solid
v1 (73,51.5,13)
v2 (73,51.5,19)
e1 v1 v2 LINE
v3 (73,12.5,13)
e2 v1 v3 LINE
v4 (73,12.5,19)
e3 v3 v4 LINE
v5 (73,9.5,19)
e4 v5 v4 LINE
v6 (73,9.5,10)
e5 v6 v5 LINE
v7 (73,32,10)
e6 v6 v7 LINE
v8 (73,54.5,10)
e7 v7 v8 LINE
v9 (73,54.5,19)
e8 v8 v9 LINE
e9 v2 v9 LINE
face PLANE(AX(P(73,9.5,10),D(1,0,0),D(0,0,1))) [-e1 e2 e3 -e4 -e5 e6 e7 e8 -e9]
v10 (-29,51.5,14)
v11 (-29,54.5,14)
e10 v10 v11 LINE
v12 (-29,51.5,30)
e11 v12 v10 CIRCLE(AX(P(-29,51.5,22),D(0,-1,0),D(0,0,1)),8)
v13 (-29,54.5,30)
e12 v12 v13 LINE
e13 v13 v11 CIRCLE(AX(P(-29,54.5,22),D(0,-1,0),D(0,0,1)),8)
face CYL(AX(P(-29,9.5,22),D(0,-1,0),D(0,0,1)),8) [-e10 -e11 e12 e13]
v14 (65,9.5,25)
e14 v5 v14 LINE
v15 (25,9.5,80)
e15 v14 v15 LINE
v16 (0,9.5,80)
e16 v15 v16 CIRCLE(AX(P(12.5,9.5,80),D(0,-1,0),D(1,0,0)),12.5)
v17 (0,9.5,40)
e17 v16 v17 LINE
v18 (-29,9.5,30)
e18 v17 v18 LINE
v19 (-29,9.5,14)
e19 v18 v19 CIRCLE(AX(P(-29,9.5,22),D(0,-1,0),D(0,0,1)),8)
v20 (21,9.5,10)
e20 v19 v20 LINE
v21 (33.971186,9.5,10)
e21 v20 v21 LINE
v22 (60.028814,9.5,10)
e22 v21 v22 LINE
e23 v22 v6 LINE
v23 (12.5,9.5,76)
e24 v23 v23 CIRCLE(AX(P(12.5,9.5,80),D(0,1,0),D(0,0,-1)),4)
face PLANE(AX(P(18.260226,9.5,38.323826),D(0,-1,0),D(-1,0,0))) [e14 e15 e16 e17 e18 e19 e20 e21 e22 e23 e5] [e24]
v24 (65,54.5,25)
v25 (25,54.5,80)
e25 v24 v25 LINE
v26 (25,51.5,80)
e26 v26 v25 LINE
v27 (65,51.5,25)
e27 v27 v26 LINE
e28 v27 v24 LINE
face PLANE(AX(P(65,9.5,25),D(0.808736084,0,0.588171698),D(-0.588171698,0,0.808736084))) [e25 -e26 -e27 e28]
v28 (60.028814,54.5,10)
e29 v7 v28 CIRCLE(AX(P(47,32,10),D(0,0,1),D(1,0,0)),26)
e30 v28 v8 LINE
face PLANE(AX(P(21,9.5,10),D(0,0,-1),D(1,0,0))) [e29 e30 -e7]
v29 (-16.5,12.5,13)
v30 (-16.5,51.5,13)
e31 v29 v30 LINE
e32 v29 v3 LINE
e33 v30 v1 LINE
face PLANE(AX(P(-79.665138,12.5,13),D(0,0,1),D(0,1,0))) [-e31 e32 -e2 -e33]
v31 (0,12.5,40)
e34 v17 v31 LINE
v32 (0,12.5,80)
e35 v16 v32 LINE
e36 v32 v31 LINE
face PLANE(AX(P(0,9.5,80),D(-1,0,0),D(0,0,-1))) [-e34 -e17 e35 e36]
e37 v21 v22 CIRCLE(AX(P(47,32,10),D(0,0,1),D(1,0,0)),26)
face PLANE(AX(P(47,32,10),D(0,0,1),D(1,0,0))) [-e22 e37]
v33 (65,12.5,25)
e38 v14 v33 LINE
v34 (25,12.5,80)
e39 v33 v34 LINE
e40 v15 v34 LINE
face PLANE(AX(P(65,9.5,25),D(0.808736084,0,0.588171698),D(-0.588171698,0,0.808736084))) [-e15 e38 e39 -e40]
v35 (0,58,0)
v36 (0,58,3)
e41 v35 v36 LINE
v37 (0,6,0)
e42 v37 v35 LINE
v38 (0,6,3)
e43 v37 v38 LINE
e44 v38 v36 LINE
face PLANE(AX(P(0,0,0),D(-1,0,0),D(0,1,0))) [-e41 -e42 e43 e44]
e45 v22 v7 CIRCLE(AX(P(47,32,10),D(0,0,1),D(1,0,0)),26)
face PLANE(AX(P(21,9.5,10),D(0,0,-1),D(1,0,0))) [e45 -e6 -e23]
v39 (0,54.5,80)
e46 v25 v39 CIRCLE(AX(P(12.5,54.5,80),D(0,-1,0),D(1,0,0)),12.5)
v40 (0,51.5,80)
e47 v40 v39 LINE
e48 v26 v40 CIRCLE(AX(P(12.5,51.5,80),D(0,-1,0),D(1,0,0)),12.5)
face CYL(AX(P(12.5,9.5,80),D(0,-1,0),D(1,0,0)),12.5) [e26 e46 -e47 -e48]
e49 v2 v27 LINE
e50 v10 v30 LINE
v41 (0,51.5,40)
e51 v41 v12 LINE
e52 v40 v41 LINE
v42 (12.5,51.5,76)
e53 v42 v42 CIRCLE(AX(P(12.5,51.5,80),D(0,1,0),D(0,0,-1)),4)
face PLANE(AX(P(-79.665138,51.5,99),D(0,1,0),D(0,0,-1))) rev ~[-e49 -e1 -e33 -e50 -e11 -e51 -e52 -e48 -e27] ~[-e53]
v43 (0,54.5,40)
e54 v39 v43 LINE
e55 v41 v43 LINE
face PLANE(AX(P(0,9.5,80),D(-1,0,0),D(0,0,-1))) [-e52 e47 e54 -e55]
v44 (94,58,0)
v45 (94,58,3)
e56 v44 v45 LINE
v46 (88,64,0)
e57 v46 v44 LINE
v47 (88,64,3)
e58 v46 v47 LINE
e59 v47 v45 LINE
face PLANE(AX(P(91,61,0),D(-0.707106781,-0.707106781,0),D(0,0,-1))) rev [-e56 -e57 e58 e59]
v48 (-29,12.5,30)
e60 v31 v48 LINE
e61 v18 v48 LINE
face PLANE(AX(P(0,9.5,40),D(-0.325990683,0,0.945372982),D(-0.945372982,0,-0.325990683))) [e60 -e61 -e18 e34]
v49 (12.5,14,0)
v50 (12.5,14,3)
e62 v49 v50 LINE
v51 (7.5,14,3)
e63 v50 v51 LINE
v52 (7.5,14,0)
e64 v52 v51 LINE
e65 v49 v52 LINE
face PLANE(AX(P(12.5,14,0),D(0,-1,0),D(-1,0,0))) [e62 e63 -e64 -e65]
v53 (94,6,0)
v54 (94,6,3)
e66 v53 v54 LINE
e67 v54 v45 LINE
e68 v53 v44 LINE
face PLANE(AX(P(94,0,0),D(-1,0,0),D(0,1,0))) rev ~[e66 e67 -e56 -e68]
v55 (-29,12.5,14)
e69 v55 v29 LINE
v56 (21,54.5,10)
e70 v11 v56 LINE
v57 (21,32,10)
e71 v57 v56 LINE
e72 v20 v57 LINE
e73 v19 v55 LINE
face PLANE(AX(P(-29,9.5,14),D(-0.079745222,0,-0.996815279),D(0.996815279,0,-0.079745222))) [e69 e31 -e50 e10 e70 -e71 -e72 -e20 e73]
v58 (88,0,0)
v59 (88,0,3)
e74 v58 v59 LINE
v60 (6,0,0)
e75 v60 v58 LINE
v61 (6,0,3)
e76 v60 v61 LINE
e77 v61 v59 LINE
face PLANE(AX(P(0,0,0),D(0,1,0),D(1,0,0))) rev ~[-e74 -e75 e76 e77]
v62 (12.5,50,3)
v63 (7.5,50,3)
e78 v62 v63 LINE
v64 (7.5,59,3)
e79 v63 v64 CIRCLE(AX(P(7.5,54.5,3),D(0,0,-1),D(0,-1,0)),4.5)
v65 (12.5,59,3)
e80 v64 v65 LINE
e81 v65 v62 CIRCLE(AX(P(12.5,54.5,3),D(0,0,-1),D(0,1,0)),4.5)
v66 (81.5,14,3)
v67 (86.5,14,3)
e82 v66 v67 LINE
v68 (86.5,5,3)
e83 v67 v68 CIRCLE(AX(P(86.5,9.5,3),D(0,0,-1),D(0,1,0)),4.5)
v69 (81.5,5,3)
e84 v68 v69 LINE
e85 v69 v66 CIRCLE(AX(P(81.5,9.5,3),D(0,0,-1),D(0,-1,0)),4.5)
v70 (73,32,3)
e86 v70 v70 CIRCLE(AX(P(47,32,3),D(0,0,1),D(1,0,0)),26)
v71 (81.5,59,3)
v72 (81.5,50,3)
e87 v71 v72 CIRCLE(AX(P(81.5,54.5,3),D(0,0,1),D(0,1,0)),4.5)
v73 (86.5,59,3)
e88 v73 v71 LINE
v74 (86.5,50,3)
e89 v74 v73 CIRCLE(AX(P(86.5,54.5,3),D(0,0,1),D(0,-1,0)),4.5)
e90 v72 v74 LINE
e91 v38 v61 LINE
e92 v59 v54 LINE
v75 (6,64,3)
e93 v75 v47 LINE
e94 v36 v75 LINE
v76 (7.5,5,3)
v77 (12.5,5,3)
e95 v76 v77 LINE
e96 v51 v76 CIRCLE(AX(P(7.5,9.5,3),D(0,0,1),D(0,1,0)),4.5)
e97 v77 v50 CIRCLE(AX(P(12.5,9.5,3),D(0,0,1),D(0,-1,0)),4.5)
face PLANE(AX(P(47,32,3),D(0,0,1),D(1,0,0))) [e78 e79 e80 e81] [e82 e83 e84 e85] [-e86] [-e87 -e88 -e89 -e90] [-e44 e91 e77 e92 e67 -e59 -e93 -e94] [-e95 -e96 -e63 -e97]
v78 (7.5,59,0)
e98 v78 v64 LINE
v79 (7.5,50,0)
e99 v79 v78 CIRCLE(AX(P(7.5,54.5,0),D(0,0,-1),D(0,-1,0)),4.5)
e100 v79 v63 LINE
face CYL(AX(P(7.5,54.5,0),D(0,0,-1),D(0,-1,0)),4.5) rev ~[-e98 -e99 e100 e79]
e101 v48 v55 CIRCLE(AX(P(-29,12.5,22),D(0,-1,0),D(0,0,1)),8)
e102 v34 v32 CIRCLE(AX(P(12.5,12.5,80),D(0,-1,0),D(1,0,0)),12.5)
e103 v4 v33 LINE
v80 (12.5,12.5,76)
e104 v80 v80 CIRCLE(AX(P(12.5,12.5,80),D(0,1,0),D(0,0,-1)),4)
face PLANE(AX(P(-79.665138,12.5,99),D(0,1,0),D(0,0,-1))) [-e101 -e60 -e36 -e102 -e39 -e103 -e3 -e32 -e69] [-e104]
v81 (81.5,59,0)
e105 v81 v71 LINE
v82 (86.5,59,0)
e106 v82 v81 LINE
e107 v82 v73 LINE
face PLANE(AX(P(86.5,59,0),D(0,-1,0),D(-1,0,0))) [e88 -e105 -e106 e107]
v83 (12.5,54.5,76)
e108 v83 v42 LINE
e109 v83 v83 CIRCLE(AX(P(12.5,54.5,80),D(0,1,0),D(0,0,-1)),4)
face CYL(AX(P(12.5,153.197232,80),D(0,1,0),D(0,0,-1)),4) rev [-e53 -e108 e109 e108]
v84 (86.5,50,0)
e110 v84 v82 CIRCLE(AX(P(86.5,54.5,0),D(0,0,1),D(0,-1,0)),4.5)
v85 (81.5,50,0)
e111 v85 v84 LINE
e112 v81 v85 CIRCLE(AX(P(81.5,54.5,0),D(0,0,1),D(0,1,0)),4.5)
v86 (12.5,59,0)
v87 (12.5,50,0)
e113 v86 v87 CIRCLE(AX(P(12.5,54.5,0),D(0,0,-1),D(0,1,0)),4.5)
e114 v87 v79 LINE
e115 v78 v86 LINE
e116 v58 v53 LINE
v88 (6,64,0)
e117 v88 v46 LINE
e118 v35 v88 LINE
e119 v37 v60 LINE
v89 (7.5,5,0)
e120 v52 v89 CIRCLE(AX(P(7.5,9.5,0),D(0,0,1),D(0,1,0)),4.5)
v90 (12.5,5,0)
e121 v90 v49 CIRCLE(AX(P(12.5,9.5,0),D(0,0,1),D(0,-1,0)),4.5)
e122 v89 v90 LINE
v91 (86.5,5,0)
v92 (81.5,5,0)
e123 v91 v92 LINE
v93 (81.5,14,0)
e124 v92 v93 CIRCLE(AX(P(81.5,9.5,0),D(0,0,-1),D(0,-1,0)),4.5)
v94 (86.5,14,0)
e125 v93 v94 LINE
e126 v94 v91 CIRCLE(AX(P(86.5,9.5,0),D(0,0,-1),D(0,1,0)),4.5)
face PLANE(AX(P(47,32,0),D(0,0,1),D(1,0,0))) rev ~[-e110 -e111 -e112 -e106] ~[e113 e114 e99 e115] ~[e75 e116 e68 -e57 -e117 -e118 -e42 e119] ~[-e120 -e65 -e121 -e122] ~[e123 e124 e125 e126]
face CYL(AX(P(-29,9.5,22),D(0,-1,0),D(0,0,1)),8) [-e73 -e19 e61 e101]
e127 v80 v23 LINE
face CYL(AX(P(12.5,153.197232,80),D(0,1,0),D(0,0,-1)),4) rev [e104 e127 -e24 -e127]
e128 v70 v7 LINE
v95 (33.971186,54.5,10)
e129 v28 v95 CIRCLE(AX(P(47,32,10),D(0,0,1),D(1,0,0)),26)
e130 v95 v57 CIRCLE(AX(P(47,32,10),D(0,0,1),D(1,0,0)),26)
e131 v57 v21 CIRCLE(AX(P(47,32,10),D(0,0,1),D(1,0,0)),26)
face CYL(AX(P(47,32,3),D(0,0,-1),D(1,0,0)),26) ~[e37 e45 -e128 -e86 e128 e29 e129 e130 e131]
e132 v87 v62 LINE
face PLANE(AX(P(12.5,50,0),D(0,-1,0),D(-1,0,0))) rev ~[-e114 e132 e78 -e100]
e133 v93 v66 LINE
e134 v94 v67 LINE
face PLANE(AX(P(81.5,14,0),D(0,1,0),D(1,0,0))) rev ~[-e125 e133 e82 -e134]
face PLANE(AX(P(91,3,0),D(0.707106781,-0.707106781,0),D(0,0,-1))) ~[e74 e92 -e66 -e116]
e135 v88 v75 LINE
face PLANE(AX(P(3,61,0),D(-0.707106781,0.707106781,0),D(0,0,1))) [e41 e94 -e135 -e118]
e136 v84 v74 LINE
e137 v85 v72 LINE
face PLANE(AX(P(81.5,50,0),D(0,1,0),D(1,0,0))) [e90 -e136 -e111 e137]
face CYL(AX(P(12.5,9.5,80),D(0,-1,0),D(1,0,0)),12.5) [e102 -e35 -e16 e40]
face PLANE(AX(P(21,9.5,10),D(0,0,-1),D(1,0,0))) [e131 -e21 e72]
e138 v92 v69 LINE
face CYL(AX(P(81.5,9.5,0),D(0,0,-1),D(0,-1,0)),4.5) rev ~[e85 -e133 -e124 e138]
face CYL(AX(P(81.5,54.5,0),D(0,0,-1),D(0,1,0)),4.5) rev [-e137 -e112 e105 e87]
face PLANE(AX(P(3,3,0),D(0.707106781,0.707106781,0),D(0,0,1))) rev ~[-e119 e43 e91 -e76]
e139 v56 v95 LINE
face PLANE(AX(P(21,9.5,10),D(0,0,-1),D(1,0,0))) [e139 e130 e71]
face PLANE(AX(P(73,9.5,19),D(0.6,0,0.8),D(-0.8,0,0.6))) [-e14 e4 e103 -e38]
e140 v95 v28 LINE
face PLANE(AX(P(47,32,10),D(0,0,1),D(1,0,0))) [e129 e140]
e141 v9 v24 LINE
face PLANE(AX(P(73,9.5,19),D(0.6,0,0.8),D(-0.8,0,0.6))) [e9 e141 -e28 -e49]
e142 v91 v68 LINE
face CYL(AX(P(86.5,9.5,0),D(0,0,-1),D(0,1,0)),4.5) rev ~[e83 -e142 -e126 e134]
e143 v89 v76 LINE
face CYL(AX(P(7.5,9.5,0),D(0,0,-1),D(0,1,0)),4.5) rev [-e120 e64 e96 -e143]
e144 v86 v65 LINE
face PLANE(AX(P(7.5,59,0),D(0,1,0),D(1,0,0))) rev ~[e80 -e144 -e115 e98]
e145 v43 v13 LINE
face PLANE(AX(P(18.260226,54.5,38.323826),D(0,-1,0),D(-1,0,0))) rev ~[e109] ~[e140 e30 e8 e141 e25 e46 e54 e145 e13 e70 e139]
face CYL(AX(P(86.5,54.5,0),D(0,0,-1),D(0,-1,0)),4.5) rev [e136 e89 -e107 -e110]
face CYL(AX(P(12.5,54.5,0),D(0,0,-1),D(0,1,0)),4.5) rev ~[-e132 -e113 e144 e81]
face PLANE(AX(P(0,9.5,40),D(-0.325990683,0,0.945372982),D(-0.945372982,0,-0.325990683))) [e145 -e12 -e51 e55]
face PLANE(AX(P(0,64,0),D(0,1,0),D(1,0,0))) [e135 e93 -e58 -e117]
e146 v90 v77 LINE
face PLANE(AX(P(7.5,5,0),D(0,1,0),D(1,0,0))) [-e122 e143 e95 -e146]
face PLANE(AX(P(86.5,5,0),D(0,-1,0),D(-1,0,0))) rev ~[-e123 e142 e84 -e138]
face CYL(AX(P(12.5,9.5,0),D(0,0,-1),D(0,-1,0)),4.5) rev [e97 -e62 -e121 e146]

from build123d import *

# Parameters (mm, degrees)
ESQUISSE1_W                  = 94
ESQUISSE1_H                  = 64
BOSS_EXTRU_1_DEPTH           = 3
ESQUISSE2_R                  = 26
BOSS_EXTRU_2_DEPTH           = 7
BOSS_EXTRU_3_DEPTH           = 22.5
BOSS_EXTRU_3_DEPTH_BACK      = 22.5
ENL_V_MAT_EXTRU_1_DEPTH      = 173.665138346
ENL_V_MAT_EXTRU_1_DEPTH_BACK = 173.665138346
ESQUISSE4_W                  = 86
ESQUISSE4_H                  = 39
ENL_V_MAT_EXTRU_2_DEPTH      = 143.697231928
ENL_V_MAT_EXTRU_2_DEPTH_BACK = 143.697231928
ESQUISSE5_R                  = 4
ENL_V_MAT_EXTRU_3_DEPTH      = 3
CHANFREIN1_SIZE              = 6


with BuildPart() as part:
    # Esquisse1 → Boss.-Extru.1 (new body)
    with BuildSketch(Plane.XY):
        with Locations((47, 32)):
            Rectangle(ESQUISSE1_W, ESQUISSE1_H)
    extrude(amount=BOSS_EXTRU_1_DEPTH)

    # Esquisse2 → Boss.-Extru.2 (add)
    with BuildSketch(Plane.XY.offset(3)):
        with Locations((47, 32)):
            Circle(ESQUISSE2_R)
    extrude(amount=BOSS_EXTRU_2_DEPTH)

    # Esquisse3 → Boss.-Extru.3 (add, two sides: drawn at the far end of the back side and taken through both)
    with BuildSketch(Plane(origin=(0, 32, 0), x_dir=(1, 0, 0), z_dir=(0, 1, 0)).offset(-BOSS_EXTRU_3_DEPTH_BACK)):
        with BuildLine():
            Line((73, -10), (73, -19))
            Line((73, -19), (65, -25))
            Line((65, -25), (25, -80))
            ThreePointArc((25, -80), (12.5, -92.5), (0, -80))
            Line((0, -80), (0, -40))
            Line((0, -40), (-29, -30))
            ThreePointArc((-29, -30), (-37, -22), (-29, -14))
            Line((-29, -14), (21, -10))
            Line((21, -10), (73, -10))
        make_face()
    extrude(amount=BOSS_EXTRU_3_DEPTH + BOSS_EXTRU_3_DEPTH_BACK)

    # Esquisse4 → Enlèv. mat.-Extru.1 (cut, two sides: drawn at the far end of the back side and taken through both)
    with BuildSketch(Plane(origin=(94, 0, 0), x_dir=(0, 0, -1), z_dir=(1, 0, 0)).offset(-ENL_V_MAT_EXTRU_1_DEPTH_BACK)):
        with Locations((-56, 32)):
            Rectangle(ESQUISSE4_W, ESQUISSE4_H)
    extrude(amount=ENL_V_MAT_EXTRU_1_DEPTH + ENL_V_MAT_EXTRU_1_DEPTH_BACK, mode=Mode.SUBTRACT)

    # Esquisse5 → Enlèv. mat.-Extru.2 (cut, two sides: drawn at the far end of the back side and taken through both)
    with BuildSketch(Plane.XZ.offset(-9.5).offset(-ENL_V_MAT_EXTRU_2_DEPTH_BACK)):
        with Locations(Location((12.5, 80, 0), (0, 0, 270))):
            Circle(ESQUISSE5_R)
    extrude(amount=ENL_V_MAT_EXTRU_2_DEPTH + ENL_V_MAT_EXTRU_2_DEPTH_BACK, mode=Mode.SUBTRACT)

    # Esquisse6 → Enlèv. mat.-Extru.3 (cut)
    with BuildSketch(Plane(origin=(0, 0, 0), x_dir=(-1, 0, 0), z_dir=(0, 0, -1))):
        with BuildLine():
            Line((-86.5, 59), (-81.5, 59))
            ThreePointArc((-81.5, 59), (-77, 54.5), (-81.5, 50))
            Line((-81.5, 50), (-86.5, 50))
            ThreePointArc((-86.5, 50), (-91, 54.5), (-86.5, 59))
        make_face()
        with BuildLine():
            Line((-7.5, 59), (-12.5, 59))
            ThreePointArc((-12.5, 59), (-17, 54.5), (-12.5, 50))
            Line((-12.5, 50), (-7.5, 50))
            ThreePointArc((-7.5, 50), (-3, 54.5), (-7.5, 59))
        make_face()
        with BuildLine():
            Line((-7.5, 5), (-12.5, 5))
            ThreePointArc((-12.5, 5), (-17, 9.5), (-12.5, 14))
            Line((-12.5, 14), (-7.5, 14))
            ThreePointArc((-7.5, 14), (-3, 9.5), (-7.5, 5))
        make_face()
        with BuildLine():
            Line((-86.5, 5), (-81.5, 5))
            ThreePointArc((-81.5, 5), (-77, 9.5), (-81.5, 14))
            Line((-81.5, 14), (-86.5, 14))
            ThreePointArc((-86.5, 14), (-91, 9.5), (-86.5, 5))
        make_face()
    extrude(amount=-ENL_V_MAT_EXTRU_3_DEPTH, mode=Mode.SUBTRACT)

    # Chanfrein1
    chanfrein1_edges = [part.edges().sort_by_distance(p)[0] for p in [
        (0, 64, 1.5),
        (94, 64, 1.5),
        (94, 0, 1.5),
        (0, 0, 1.5),
    ]]
    chamfer(chanfrein1_edges, length=CHANFREIN1_SIZE)


solid = part.part
